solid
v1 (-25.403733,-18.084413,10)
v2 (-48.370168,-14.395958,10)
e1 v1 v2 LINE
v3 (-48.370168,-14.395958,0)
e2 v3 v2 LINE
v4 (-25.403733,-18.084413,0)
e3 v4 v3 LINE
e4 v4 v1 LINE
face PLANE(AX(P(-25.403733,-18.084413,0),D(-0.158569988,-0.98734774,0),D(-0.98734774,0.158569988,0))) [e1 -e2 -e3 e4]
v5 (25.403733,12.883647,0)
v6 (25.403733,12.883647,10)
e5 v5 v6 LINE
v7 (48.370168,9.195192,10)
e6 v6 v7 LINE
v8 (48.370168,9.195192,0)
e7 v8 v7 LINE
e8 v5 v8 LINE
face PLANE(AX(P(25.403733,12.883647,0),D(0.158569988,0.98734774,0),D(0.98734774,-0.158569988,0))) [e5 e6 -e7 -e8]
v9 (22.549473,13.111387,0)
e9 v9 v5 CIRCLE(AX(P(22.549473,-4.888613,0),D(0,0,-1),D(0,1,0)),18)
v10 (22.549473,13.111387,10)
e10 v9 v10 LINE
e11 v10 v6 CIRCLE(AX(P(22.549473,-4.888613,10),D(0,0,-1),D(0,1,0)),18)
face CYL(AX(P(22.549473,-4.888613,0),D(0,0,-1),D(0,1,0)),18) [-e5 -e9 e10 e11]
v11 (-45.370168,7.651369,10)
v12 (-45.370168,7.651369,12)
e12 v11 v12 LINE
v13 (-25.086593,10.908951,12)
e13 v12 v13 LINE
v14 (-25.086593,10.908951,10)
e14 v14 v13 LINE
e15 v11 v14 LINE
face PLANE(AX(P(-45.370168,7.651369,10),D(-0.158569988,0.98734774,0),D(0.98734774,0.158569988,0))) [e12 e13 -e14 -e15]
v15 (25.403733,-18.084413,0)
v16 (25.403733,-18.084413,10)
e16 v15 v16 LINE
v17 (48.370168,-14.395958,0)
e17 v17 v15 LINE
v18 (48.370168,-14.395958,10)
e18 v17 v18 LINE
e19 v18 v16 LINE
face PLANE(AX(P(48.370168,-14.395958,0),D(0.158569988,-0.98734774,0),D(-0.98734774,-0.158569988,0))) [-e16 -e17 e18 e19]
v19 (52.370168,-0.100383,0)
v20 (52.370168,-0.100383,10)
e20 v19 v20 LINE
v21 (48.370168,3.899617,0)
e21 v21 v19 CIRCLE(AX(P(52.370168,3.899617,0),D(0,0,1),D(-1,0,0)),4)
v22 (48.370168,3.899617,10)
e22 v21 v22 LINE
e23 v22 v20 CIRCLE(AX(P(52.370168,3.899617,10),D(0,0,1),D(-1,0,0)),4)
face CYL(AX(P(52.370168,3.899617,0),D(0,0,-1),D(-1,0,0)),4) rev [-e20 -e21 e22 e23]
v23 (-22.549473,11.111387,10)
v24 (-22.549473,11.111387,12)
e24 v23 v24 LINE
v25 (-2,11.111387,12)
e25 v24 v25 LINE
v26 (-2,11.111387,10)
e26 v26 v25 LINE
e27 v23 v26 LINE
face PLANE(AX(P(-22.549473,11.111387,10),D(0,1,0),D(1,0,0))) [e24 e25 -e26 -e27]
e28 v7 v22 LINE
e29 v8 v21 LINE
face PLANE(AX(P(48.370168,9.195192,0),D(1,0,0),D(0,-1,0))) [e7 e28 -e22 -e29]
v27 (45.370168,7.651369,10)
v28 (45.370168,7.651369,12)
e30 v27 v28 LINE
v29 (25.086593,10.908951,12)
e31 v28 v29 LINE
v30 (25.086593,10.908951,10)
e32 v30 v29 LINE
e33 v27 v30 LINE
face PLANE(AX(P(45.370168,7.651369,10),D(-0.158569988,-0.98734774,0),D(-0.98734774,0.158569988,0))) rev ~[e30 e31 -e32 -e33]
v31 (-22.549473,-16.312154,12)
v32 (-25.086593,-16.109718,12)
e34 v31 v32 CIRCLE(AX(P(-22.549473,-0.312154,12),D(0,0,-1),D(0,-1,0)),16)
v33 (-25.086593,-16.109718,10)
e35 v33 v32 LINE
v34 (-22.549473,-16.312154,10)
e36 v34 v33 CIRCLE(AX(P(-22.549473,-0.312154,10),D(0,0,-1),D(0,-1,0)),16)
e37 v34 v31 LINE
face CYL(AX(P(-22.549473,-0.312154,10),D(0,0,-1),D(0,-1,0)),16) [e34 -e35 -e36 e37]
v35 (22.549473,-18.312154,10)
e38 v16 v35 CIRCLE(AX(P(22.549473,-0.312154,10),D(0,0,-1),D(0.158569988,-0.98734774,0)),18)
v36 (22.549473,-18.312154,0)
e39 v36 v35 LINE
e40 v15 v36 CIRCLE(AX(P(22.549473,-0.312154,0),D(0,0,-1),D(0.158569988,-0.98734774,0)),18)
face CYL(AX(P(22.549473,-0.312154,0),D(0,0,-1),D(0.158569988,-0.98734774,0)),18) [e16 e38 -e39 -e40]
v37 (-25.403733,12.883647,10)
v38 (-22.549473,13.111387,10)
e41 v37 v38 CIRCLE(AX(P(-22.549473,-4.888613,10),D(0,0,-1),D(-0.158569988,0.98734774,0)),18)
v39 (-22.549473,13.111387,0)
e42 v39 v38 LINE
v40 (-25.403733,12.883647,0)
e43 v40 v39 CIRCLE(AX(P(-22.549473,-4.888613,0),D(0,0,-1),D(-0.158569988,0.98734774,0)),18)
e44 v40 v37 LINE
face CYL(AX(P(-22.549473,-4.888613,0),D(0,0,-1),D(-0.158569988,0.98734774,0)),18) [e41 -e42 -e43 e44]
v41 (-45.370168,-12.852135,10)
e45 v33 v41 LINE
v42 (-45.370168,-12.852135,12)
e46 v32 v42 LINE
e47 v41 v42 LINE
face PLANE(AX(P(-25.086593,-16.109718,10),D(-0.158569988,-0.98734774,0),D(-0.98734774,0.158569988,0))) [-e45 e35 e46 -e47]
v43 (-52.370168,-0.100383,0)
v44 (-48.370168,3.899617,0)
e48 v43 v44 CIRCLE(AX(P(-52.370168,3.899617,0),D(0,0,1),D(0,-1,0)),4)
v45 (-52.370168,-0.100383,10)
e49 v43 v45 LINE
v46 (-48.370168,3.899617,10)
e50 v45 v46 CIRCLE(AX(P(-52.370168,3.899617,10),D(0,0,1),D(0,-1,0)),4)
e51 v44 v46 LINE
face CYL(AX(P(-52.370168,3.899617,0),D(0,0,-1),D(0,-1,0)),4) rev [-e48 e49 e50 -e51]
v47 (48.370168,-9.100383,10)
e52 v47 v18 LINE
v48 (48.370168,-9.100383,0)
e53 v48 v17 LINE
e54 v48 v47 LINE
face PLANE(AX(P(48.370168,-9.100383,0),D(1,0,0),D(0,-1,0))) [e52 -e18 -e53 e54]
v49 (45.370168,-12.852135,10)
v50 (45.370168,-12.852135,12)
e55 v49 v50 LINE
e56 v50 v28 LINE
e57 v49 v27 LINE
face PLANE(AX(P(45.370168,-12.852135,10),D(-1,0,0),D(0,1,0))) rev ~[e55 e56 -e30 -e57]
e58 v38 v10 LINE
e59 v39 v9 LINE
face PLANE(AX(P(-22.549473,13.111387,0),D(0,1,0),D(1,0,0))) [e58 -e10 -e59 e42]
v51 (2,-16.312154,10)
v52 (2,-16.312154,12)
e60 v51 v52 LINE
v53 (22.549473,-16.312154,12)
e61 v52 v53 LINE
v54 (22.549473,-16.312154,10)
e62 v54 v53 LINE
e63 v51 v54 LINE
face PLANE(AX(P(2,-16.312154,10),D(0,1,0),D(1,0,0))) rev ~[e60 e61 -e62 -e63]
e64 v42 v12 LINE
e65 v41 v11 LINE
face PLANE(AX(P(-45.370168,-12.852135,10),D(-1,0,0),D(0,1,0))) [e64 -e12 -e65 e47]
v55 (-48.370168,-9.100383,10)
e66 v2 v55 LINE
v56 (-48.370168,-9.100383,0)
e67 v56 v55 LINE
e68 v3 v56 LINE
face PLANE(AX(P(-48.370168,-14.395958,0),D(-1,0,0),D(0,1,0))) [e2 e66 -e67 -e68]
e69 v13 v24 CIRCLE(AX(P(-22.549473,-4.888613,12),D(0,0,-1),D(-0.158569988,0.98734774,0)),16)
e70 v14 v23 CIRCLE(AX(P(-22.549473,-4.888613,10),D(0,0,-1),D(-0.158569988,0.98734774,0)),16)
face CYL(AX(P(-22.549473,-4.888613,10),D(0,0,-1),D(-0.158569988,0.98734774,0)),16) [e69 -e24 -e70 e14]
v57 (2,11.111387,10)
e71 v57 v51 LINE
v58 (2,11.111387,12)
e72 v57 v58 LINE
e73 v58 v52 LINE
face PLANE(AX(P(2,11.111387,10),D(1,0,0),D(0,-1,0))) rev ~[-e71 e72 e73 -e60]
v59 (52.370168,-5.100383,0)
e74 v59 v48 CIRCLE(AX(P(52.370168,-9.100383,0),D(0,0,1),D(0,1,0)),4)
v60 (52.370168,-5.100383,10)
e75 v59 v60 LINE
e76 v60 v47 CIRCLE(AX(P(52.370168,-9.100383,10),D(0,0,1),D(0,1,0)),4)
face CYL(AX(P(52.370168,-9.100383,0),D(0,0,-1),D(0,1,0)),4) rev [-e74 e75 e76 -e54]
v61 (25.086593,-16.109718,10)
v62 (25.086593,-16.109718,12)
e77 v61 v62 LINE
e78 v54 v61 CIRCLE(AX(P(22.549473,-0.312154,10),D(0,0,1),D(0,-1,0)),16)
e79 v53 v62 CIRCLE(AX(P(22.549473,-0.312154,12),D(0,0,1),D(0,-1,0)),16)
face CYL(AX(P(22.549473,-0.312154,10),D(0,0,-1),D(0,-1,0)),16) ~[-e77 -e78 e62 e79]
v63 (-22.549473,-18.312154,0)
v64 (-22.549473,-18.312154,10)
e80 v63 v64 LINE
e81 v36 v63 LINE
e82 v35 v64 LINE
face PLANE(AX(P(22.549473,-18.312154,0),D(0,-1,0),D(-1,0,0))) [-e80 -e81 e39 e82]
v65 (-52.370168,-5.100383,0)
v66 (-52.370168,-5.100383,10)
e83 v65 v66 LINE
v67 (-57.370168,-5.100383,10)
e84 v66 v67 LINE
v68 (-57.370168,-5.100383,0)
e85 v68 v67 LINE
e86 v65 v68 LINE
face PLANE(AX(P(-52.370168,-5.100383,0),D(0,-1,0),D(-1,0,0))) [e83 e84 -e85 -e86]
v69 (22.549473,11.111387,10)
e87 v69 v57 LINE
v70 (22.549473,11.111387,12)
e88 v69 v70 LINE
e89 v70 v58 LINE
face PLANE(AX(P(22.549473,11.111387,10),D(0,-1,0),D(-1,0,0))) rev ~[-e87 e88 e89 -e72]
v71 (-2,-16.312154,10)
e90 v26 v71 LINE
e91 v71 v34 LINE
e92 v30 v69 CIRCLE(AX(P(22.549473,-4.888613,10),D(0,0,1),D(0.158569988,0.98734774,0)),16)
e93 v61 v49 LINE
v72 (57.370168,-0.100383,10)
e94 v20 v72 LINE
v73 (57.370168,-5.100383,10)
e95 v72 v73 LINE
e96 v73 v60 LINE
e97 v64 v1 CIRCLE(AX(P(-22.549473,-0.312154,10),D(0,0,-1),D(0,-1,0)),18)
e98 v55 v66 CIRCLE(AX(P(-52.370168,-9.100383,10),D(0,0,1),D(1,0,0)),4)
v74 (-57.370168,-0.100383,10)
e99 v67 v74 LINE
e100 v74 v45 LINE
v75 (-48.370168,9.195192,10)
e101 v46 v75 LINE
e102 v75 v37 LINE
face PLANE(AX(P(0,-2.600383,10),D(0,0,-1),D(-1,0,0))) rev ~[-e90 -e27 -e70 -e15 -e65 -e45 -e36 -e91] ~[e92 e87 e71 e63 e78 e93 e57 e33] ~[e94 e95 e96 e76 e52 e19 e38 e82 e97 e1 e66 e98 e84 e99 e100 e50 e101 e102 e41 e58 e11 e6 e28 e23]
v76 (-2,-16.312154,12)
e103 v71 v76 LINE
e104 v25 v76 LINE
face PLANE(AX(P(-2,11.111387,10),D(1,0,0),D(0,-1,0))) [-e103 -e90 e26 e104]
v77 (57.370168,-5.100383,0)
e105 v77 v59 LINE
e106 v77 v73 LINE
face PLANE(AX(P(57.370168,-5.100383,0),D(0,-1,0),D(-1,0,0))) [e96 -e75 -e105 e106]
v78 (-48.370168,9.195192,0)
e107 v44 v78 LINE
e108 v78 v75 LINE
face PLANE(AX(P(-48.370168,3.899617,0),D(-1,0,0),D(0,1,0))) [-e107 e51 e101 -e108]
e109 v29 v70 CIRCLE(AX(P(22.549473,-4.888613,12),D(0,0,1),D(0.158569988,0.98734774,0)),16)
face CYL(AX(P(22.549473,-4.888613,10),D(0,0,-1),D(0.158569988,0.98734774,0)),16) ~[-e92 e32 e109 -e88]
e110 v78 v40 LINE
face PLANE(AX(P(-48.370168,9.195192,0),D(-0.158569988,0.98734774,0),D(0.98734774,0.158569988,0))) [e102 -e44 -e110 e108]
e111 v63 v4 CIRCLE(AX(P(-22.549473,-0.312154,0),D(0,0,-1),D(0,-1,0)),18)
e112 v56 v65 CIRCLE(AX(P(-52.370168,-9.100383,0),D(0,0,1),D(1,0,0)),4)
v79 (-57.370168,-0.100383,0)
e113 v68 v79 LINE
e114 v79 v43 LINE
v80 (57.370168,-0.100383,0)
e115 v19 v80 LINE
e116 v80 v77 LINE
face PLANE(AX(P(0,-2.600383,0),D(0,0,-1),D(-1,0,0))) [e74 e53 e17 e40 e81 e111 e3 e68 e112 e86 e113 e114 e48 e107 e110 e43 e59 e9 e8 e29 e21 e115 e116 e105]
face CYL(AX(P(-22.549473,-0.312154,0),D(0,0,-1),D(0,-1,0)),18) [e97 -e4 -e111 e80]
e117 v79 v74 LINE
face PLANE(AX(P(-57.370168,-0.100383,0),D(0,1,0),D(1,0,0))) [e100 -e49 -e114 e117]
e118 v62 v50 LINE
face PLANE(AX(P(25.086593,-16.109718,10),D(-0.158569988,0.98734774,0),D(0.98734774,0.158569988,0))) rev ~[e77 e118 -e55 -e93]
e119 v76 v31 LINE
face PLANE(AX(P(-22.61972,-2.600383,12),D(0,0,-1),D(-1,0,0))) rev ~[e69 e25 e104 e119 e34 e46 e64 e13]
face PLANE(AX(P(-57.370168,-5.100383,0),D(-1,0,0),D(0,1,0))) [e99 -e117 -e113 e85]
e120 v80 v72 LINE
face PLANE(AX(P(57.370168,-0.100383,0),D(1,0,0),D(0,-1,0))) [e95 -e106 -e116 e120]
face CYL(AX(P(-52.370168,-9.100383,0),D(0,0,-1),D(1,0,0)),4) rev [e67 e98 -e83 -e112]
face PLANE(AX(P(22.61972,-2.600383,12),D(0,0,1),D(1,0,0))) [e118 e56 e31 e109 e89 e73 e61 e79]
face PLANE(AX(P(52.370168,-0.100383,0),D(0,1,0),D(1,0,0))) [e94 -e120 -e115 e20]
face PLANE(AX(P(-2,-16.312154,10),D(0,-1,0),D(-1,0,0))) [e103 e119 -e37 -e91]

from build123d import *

# Parameters (mm, degrees)
BOSS_EXTRUDE1_DEPTH = 10
BOSS_EXTRUDE2_DEPTH = 2


with BuildPart() as part:
    # Sketch1 → Boss-Extrude1 (new body)
    with BuildSketch(Plane.XY):
        with BuildLine():
            Line((-52.370168415, -5.10038319), (-57.370168415, -5.10038319))
            Line((-57.370168415, -5.10038319), (-57.370168415, -0.10038319))
            Line((-57.370168415, -0.10038319), (-52.370168415, -0.10038319))
            ThreePointArc((-52.370168415, -0.10038319), (-49.54174129, 1.071189685), (-48.370168415, 3.89961681))
            Line((-48.370168415, 3.89961681), (-48.370168415, 9.195191959))
            Line((-48.370168415, 9.195191959), (-25.403732634, 12.883646701))
            ThreePointArc((-25.403732634, 12.883646701), (-23.981138375, 13.054361886), (-22.549472845, 13.111387389))
            Line((-22.549472845, 13.111387389), (22.549472845, 13.111387389))
            ThreePointArc((22.549472845, 13.111387389), (23.981138375, 13.054361886), (25.403732634, 12.883646701))
            Line((25.403732634, 12.883646701), (48.370168415, 9.195191959))
            Line((48.370168415, 9.195191959), (48.370168415, 3.89961681))
            ThreePointArc((48.370168415, 3.89961681), (49.54174129, 1.071189685), (52.370168415, -0.10038319))
            Line((52.370168415, -0.10038319), (57.370168415, -0.10038319))
            Line((57.370168415, -0.10038319), (57.370168415, -5.10038319))
            Line((57.370168415, -5.10038319), (52.370168415, -5.10038319))
            ThreePointArc((52.370168415, -5.10038319), (49.54174129, -6.271956065), (48.370168415, -9.10038319))
            Line((48.370168415, -9.10038319), (48.370168415, -14.395958339))
            Line((48.370168415, -14.395958339), (25.403732634, -18.084413081))
            ThreePointArc((25.403732634, -18.084413081), (23.981138375, -18.255128266), (22.549472845, -18.312153769))
            Line((22.549472845, -18.312153769), (-22.549472845, -18.312153769))
            ThreePointArc((-22.549472845, -18.312153769), (-23.981138375, -18.255128266), (-25.403732634, -18.084413081))
            Line((-25.403732634, -18.084413081), (-48.370168415, -14.395958339))
            Line((-48.370168415, -14.395958339), (-48.370168415, -9.10038319))
            ThreePointArc((-48.370168415, -9.10038319), (-49.54174129, -6.271956065), (-52.370168415, -5.10038319))
        make_face()
    extrude(amount=BOSS_EXTRUDE1_DEPTH)

    # Sketch2 → Boss-Extrude2 (add)
    with BuildSketch(Plane.XY.offset(10)):
        with BuildLine():
            Line((-2, 11.111387389), (-2, -16.312153769))
            Line((-2, -16.312153769), (-22.549472845, -16.312153769))
            ThreePointArc((-22.549472845, -16.312153769), (-23.822064428, -16.261464433), (-25.086592657, -16.109717602))
            Line((-25.086592657, -16.109717602), (-45.370168415, -12.852135455))
            Line((-45.370168415, -12.852135455), (-45.370168415, 7.651369075))
            Line((-45.370168415, 7.651369075), (-25.086592657, 10.908951222))
            ThreePointArc((-25.086592657, 10.908951222), (-23.822064428, 11.060698053), (-22.549472845, 11.111387389))
            Line((-22.549472845, 11.111387389), (-2, 11.111387389))
        make_face()
        with BuildLine():
            Line((2, 11.111387389), (2, -16.312153769))
            Line((2, -16.312153769), (22.549472845, -16.312153769))
            ThreePointArc((22.549472845, -16.312153769), (23.822064428, -16.261464433), (25.086592657, -16.109717602))
            Line((25.086592657, -16.109717602), (45.370168415, -12.852135455))
            Line((45.370168415, -12.852135455), (45.370168415, 7.651369075))
            Line((45.370168415, 7.651369075), (25.086592657, 10.908951222))
            ThreePointArc((25.086592657, 10.908951222), (23.822064428, 11.060698053), (22.549472845, 11.111387389))
            Line((22.549472845, 11.111387389), (2, 11.111387389))
        make_face()
    extrude(amount=BOSS_EXTRUDE2_DEPTH)


solid = part.part
